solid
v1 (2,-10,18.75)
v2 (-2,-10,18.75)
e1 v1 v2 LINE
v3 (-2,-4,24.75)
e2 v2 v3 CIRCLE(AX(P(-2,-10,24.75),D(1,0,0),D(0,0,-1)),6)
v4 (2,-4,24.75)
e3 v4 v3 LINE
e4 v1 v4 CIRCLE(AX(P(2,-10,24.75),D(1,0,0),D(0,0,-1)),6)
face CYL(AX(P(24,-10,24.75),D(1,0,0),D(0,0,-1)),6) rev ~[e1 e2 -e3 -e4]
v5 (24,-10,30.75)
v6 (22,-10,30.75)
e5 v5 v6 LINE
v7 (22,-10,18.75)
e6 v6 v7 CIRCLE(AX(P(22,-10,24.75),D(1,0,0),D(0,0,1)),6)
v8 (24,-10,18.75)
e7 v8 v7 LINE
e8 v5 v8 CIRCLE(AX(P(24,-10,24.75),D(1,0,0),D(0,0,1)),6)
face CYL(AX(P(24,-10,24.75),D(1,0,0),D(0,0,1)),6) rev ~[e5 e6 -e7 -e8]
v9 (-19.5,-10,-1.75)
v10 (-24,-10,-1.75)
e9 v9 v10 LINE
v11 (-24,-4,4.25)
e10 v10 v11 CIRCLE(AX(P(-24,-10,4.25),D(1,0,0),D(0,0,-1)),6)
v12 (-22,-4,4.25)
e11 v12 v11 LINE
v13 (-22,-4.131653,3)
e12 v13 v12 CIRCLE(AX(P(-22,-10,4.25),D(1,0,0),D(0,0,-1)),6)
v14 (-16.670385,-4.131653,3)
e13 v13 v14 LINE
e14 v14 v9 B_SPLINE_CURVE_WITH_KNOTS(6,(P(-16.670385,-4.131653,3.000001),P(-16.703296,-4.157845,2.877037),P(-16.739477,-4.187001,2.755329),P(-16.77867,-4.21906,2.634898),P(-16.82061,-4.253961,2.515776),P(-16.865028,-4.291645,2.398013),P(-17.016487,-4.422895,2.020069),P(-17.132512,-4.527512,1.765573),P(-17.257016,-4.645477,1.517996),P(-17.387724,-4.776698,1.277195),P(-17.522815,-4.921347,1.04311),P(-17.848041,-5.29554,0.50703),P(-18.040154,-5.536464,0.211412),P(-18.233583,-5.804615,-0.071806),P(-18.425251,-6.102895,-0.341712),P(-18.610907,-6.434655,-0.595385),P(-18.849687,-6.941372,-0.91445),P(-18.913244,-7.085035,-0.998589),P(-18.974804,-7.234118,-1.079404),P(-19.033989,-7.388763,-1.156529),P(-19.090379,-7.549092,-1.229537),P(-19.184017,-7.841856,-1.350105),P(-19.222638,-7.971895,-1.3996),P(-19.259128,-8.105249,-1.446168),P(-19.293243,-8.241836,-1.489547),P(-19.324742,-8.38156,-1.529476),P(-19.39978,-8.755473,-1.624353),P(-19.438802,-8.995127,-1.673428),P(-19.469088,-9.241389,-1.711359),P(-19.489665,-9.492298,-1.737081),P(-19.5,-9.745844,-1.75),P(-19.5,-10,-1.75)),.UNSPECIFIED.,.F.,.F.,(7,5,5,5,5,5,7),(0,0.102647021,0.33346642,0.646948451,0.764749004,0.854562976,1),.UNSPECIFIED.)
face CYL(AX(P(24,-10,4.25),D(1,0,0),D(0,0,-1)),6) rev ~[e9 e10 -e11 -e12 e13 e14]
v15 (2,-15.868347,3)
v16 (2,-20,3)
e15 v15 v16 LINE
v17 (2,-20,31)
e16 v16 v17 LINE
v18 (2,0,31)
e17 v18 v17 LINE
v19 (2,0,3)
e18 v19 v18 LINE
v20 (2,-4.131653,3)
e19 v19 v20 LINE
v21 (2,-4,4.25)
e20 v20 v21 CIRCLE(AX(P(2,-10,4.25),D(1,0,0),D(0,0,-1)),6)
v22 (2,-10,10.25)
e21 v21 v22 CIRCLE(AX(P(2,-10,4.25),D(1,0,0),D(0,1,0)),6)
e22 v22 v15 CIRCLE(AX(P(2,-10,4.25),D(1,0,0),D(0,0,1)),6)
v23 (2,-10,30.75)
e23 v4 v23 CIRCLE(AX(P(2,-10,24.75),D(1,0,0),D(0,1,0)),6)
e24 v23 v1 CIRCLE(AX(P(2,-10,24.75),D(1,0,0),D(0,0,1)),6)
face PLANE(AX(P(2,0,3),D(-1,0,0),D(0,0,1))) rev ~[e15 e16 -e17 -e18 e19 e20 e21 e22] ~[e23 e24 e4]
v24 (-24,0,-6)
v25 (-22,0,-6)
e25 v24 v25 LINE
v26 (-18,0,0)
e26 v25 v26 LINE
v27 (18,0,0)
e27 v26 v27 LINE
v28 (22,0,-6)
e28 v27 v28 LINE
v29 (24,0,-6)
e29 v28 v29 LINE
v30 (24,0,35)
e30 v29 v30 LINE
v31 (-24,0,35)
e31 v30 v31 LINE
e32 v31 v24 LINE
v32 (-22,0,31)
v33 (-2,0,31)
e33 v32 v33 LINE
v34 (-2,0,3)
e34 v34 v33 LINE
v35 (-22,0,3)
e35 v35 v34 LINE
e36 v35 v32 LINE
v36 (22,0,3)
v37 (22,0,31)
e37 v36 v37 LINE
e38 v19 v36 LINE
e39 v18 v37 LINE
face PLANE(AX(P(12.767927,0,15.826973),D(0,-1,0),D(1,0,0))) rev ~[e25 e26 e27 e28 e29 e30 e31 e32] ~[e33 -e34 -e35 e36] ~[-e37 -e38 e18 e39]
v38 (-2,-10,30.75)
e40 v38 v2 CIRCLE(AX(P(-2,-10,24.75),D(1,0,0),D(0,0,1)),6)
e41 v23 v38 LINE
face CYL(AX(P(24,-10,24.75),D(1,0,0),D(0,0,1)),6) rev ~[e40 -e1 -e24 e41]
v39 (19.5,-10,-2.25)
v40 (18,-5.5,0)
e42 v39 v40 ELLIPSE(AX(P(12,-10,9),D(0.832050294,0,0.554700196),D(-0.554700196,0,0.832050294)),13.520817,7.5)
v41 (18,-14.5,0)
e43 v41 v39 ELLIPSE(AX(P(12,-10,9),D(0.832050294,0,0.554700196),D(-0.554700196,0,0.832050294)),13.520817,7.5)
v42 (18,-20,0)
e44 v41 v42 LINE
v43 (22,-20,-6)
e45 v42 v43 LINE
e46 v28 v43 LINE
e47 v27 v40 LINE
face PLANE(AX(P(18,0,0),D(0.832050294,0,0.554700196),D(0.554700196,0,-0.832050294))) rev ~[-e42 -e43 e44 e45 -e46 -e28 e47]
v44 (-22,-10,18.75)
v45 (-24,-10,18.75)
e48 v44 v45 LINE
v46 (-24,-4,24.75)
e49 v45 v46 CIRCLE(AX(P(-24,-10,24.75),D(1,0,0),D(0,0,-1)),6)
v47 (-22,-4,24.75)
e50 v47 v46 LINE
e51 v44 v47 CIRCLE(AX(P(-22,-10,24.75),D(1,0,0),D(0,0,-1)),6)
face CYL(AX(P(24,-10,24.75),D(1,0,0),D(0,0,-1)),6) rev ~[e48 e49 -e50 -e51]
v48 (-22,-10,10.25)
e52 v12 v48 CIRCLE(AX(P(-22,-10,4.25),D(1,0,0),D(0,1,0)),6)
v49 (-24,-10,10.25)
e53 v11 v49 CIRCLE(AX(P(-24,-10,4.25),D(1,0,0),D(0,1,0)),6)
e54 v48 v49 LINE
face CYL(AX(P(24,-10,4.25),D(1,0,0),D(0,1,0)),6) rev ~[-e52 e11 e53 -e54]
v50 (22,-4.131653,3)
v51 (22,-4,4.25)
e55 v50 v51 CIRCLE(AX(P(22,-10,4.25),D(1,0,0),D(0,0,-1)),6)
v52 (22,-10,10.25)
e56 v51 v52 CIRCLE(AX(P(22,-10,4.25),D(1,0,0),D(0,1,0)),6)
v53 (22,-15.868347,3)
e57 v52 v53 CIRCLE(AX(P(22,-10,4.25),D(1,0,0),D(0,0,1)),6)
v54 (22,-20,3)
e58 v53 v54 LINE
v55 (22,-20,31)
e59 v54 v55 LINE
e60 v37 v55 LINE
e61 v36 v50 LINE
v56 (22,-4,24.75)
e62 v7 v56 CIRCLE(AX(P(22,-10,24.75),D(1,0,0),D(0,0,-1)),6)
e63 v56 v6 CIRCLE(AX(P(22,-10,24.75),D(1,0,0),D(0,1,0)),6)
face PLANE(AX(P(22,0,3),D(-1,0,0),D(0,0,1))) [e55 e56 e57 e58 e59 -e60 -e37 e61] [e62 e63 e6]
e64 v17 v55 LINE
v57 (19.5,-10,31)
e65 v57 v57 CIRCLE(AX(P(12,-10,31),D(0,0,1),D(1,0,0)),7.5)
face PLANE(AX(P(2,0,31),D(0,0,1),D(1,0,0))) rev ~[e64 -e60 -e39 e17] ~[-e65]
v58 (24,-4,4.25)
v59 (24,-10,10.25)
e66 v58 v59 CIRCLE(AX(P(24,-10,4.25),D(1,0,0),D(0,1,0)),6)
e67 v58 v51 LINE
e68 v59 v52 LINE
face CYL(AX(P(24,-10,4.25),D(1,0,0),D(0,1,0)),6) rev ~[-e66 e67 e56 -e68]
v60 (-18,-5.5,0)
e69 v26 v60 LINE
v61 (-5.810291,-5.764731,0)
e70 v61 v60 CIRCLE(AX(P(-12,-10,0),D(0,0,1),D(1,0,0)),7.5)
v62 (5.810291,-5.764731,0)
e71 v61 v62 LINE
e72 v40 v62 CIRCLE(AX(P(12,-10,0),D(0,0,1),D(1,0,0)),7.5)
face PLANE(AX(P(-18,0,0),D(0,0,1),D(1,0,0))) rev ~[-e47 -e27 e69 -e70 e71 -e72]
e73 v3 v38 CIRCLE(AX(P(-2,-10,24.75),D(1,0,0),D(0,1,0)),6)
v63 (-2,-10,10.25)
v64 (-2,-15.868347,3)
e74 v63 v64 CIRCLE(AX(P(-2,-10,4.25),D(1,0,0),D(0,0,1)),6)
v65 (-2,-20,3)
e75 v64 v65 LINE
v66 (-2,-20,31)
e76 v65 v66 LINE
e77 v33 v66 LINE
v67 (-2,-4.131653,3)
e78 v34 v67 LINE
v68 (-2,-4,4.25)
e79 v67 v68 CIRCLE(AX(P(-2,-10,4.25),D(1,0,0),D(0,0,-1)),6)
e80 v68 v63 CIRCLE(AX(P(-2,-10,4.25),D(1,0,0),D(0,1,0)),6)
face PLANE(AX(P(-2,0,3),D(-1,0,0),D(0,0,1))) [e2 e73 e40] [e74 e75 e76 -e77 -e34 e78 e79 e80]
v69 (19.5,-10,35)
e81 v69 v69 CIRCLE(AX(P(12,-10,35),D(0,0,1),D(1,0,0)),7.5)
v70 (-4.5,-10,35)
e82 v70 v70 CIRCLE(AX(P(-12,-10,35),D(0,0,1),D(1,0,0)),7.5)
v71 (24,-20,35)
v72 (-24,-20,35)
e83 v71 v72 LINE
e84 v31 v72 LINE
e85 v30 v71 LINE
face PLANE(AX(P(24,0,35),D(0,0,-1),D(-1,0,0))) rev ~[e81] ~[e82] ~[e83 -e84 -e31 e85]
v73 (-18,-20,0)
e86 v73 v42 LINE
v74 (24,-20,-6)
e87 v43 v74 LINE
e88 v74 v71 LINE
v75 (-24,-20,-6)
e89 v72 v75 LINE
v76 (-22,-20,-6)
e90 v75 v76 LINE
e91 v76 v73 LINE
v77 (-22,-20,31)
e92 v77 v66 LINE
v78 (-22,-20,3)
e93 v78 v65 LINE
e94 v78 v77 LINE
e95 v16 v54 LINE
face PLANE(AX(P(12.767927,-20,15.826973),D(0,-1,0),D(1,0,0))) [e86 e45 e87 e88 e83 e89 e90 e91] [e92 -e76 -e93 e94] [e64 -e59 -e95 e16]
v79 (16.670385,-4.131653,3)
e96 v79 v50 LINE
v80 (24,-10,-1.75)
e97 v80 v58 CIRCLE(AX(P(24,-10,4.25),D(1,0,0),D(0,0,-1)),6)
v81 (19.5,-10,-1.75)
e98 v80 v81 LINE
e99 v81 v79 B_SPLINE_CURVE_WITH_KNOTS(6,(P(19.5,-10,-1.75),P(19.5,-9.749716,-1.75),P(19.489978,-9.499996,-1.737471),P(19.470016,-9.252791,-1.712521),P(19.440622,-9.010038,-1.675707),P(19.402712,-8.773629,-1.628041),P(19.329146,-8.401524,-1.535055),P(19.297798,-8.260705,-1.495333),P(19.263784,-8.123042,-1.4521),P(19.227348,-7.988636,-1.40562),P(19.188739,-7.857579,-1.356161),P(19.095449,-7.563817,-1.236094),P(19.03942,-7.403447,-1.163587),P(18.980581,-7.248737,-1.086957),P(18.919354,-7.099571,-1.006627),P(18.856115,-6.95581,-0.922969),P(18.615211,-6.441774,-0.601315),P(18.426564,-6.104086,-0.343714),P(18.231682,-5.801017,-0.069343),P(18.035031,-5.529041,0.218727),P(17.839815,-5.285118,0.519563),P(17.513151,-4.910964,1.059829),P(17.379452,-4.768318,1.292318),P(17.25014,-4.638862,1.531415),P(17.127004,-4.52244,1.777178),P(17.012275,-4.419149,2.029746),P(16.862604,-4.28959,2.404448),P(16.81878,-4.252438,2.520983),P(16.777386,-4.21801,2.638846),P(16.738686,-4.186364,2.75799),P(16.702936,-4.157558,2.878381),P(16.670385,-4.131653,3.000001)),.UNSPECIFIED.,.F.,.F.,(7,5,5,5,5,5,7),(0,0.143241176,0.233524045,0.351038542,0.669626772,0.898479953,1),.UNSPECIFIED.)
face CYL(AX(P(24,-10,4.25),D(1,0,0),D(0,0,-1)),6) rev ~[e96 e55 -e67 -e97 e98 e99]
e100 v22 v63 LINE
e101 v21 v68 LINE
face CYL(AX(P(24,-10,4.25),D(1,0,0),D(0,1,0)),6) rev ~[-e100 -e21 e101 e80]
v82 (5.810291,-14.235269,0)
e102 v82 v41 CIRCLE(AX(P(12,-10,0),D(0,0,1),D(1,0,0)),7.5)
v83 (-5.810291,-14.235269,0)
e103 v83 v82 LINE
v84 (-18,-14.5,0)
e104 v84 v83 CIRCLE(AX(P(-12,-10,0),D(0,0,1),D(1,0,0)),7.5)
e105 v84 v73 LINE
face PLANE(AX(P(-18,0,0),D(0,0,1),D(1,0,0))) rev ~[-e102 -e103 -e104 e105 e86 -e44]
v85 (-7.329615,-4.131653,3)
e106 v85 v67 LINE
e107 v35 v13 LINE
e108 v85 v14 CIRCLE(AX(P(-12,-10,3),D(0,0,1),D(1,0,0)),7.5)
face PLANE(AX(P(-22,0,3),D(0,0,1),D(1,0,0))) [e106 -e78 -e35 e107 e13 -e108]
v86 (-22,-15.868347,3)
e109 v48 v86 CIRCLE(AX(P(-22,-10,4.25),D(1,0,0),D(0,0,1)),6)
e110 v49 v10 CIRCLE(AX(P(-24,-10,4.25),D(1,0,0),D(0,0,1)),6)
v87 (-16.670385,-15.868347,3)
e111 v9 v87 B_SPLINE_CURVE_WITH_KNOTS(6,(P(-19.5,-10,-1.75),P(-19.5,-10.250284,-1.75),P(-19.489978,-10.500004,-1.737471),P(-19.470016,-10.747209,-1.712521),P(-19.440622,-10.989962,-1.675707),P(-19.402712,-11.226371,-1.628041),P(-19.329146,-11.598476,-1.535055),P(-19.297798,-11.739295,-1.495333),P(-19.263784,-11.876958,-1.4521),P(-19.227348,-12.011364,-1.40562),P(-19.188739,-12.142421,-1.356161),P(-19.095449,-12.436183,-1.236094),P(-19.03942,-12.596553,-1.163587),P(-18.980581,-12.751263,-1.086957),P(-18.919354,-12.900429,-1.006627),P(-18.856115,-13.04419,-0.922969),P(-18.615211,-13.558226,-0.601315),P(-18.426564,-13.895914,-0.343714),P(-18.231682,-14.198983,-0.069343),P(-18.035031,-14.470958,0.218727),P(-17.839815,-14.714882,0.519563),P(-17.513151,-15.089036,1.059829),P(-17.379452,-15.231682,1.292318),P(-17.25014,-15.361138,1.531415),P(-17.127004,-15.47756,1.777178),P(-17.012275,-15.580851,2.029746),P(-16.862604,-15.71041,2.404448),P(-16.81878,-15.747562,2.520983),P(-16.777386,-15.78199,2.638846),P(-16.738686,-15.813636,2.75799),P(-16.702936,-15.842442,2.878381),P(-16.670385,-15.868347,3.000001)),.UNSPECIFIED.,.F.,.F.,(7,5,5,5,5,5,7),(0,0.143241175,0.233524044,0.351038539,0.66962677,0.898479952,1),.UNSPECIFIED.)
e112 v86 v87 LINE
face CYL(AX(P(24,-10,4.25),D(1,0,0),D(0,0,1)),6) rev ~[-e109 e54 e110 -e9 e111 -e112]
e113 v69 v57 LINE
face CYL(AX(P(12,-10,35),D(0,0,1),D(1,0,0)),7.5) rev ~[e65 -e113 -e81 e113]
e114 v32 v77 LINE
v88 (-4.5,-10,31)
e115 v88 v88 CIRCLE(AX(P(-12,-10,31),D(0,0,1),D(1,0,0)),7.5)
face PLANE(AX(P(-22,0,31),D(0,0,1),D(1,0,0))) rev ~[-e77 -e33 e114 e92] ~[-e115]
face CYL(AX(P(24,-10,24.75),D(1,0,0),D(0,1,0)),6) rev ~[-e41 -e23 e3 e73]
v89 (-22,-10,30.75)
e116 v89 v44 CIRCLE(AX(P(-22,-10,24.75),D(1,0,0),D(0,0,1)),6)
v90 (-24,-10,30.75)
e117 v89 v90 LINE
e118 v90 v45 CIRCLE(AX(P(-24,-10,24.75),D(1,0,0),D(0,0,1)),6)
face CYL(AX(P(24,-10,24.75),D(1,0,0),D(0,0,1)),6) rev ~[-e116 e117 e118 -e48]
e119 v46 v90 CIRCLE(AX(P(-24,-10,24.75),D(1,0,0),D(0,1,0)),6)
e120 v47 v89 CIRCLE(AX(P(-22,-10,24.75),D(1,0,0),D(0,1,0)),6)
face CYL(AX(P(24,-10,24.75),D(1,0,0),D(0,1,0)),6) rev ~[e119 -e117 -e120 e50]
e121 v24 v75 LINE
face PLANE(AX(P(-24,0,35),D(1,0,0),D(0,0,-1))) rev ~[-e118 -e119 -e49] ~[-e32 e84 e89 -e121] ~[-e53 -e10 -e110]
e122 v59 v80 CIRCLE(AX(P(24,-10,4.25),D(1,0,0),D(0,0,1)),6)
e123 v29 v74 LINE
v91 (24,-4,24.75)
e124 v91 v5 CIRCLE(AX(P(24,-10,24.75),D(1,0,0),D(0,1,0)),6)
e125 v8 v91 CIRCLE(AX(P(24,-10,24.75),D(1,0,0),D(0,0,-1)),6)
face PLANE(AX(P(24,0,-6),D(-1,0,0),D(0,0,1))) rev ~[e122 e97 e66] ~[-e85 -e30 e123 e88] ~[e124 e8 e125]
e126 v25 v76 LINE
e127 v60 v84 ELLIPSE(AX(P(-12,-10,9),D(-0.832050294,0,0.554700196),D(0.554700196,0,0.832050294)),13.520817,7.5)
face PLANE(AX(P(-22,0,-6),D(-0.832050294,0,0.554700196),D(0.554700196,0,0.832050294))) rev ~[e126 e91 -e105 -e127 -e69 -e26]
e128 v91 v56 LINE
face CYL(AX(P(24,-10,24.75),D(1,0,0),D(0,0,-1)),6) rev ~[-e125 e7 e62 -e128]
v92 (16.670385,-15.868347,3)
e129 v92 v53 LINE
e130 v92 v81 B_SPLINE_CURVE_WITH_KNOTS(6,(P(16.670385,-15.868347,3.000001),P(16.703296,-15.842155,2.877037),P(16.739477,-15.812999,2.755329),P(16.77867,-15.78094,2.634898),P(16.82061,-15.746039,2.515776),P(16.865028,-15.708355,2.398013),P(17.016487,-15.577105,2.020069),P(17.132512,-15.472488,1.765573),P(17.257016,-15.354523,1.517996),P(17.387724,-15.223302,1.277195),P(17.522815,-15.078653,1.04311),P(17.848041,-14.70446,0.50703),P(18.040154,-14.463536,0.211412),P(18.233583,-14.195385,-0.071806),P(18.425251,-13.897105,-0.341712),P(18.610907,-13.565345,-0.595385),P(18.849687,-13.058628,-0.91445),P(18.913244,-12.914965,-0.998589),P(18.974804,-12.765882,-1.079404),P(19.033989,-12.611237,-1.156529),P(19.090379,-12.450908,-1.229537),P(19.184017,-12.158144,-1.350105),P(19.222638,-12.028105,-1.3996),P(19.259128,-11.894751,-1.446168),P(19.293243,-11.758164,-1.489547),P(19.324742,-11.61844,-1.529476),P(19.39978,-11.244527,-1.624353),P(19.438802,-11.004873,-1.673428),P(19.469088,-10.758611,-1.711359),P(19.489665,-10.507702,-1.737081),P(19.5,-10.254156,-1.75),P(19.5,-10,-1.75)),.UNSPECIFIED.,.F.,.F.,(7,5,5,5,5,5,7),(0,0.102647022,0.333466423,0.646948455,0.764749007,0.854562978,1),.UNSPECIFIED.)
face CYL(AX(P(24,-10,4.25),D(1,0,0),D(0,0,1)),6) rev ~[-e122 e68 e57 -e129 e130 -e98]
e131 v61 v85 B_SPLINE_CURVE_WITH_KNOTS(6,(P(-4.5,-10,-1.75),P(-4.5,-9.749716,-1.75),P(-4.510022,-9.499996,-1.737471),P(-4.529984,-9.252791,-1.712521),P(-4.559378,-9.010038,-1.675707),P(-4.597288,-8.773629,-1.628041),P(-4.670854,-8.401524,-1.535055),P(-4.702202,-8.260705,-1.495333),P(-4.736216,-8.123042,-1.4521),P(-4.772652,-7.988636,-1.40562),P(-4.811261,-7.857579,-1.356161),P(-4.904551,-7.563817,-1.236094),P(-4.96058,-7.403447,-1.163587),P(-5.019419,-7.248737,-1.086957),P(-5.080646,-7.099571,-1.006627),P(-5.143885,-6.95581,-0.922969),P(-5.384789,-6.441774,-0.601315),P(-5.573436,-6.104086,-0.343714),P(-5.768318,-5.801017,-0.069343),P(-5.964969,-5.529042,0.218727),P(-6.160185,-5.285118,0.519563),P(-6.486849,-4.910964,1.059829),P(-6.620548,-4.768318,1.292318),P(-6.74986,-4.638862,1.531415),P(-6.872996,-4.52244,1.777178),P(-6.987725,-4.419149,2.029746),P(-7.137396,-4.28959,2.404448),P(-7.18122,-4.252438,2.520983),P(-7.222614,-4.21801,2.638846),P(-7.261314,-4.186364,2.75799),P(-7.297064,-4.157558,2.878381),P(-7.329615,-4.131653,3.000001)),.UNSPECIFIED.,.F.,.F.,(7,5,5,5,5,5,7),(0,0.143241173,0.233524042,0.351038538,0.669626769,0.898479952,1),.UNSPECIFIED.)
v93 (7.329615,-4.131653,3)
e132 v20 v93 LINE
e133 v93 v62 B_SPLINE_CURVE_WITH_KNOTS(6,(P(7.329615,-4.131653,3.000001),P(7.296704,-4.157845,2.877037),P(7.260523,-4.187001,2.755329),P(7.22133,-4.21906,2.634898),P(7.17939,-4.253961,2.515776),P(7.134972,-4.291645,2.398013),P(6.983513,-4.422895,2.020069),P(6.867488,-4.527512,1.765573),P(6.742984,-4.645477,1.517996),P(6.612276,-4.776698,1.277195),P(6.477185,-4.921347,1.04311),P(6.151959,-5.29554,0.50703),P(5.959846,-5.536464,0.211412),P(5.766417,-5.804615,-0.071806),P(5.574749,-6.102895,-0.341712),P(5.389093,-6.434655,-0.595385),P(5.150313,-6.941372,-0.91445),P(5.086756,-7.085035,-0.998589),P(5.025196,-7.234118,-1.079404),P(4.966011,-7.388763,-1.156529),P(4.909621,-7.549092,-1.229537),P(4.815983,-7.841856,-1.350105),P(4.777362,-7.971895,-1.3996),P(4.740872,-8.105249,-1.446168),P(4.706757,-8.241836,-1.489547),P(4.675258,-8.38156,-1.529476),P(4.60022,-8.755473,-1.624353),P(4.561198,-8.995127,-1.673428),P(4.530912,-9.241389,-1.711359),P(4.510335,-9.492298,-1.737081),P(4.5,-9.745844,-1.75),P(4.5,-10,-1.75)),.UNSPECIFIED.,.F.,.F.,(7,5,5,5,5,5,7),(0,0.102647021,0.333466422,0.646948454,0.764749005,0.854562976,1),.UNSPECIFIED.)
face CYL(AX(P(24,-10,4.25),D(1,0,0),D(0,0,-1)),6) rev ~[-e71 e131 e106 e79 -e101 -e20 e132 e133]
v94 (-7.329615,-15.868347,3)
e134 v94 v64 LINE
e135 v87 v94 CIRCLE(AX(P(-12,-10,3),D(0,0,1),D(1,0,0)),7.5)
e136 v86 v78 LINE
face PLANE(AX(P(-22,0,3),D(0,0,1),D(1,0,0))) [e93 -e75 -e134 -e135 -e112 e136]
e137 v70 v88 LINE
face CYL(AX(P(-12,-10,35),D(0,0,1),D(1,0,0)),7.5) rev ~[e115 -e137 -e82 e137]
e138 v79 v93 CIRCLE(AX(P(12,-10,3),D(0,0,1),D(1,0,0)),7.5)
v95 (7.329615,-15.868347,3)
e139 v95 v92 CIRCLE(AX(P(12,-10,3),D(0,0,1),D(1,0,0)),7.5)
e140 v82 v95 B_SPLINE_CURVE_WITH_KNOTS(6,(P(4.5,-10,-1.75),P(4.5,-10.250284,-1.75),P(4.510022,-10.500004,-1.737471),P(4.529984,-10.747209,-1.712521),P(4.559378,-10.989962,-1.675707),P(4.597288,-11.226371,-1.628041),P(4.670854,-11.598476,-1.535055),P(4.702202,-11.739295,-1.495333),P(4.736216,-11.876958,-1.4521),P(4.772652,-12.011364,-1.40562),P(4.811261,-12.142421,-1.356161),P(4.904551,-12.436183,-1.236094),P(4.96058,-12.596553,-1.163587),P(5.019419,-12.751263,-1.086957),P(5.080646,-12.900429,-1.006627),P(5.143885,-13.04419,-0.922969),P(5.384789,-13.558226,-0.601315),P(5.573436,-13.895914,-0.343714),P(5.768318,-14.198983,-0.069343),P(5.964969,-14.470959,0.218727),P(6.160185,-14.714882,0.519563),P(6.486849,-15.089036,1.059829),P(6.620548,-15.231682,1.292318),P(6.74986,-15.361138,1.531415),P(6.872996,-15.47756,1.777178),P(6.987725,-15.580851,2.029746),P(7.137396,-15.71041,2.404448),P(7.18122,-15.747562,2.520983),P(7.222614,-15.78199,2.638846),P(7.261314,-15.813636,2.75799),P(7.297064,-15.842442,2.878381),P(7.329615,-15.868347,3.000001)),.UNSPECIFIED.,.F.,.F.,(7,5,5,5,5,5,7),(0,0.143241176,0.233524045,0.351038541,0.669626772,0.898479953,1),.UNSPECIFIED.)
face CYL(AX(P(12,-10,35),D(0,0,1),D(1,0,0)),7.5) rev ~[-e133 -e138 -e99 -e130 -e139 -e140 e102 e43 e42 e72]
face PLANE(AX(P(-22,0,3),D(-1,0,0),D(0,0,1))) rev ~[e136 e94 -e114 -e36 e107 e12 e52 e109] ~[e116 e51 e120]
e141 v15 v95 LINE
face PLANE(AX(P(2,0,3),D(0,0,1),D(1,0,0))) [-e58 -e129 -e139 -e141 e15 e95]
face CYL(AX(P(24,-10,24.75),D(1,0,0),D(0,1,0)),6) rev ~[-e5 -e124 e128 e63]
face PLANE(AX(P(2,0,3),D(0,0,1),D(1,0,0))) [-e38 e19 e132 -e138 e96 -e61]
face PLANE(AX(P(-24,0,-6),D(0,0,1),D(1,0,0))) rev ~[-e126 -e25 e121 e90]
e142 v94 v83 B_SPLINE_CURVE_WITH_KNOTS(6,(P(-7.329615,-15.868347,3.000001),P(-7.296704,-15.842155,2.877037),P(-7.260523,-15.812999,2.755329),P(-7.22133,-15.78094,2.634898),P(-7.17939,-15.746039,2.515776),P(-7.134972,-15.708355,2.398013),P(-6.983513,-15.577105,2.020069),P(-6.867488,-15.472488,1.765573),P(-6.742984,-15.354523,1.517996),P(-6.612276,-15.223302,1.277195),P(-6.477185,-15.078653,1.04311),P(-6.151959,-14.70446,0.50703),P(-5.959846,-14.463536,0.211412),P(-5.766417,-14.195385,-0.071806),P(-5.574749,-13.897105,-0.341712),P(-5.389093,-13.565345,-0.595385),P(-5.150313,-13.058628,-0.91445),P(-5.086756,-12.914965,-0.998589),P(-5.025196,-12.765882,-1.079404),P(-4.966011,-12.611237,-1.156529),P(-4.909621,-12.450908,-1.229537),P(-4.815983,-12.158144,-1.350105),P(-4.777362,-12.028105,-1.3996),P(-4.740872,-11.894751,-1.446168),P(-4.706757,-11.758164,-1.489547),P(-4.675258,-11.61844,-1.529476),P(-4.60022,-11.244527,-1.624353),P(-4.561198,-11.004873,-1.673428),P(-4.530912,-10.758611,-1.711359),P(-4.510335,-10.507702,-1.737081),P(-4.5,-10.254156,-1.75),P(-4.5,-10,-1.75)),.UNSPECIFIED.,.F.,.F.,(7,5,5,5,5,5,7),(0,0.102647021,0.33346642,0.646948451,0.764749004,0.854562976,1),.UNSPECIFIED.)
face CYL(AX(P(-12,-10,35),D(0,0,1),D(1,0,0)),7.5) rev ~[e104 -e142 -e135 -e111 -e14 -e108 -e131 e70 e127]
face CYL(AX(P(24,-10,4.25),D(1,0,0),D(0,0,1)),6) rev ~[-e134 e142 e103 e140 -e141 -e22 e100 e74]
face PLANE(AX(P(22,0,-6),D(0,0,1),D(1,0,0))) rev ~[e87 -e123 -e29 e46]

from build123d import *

# Parameters (mm, degrees)
F0_W     = 20
F0_H     = 28
F1_DEPTH = 20
F3_DEPTH = 50
F5_DEPTH = 50


with BuildPart() as f1:
    # F0 (on Front) → F1 (new body)
    with BuildSketch(Plane.XZ):
        Polygon((0, 3), (0, 0), (18, 0), (22, -6), (24, -6), (24, 35), (22, 35), (0, 35), align=None)
        with Locations((12, 17)):
            Rectangle(F0_W, F0_H, mode=Mode.SUBTRACT)
        Polygon((-18, 0), (0, 0), (0, 3), (0, 35), (-22, 35), (-24, 35), (-24, -6), (-22, -6), align=None)
        with Locations((-12, 17)):
            Rectangle(F0_W, F0_H, mode=Mode.SUBTRACT)
    extrude(amount=F1_DEPTH)

    # F2 (on face) → F3 (cut)
    with BuildSketch(Plane.XY.offset(35)):
        with BuildLine():
            ThreePointArc((-19.5, -10), (-12, -17.5), (-4.5, -10))
            Line((-4.5, -10), (-19.5, -10))
        make_face()
        with BuildLine():
            Line((-19.5, -10), (-4.5, -10))
            ThreePointArc((-4.5, -10), (-12, -2.5), (-19.5, -10))
        make_face()
        with BuildLine():
            Line((19.5, -10), (4.5, -10))
            ThreePointArc((4.5, -10), (12, -17.5), (19.5, -10))
        make_face()
        with BuildLine():
            ThreePointArc((19.5, -10), (12, -2.5), (4.5, -10))
            Line((4.5, -10), (19.5, -10))
        make_face()
    extrude(amount=-F3_DEPTH, mode=Mode.SUBTRACT)

    # F4 (on face) → F5 (cut)
    with BuildSketch(Plane.YZ.offset(24)):
        with BuildLine():
            ThreePointArc((-10, 30.75), (-16, 24.75), (-10, 18.75))
            Line((-10, 18.75), (-10, 30.75))
        make_face()
        with BuildLine():
            Line((-10, 30.75), (-10, 18.75))
            ThreePointArc((-10, 18.75), (-5.7573593129, 20.5073593129), (-4, 24.75))
            ThreePointArc((-4, 24.75), (-5.7573593129, 28.9926406871), (-10, 30.75))
        make_face()
        with BuildLine():
            Line((-10, 10.25), (-10, -1.75))
            ThreePointArc((-10, -1.75), (-5.7573593129, 0.0073593129), (-4, 4.25))
            ThreePointArc((-4, 4.25), (-5.7573593129, 8.4926406871), (-10, 10.25))
        make_face()
        with BuildLine():
            ThreePointArc((-10, 10.25), (-16, 4.25), (-10, -1.75))
            Line((-10, -1.75), (-10, 10.25))
        make_face()
    extrude(amount=-F5_DEPTH, mode=Mode.SUBTRACT)


solid = f1.part
